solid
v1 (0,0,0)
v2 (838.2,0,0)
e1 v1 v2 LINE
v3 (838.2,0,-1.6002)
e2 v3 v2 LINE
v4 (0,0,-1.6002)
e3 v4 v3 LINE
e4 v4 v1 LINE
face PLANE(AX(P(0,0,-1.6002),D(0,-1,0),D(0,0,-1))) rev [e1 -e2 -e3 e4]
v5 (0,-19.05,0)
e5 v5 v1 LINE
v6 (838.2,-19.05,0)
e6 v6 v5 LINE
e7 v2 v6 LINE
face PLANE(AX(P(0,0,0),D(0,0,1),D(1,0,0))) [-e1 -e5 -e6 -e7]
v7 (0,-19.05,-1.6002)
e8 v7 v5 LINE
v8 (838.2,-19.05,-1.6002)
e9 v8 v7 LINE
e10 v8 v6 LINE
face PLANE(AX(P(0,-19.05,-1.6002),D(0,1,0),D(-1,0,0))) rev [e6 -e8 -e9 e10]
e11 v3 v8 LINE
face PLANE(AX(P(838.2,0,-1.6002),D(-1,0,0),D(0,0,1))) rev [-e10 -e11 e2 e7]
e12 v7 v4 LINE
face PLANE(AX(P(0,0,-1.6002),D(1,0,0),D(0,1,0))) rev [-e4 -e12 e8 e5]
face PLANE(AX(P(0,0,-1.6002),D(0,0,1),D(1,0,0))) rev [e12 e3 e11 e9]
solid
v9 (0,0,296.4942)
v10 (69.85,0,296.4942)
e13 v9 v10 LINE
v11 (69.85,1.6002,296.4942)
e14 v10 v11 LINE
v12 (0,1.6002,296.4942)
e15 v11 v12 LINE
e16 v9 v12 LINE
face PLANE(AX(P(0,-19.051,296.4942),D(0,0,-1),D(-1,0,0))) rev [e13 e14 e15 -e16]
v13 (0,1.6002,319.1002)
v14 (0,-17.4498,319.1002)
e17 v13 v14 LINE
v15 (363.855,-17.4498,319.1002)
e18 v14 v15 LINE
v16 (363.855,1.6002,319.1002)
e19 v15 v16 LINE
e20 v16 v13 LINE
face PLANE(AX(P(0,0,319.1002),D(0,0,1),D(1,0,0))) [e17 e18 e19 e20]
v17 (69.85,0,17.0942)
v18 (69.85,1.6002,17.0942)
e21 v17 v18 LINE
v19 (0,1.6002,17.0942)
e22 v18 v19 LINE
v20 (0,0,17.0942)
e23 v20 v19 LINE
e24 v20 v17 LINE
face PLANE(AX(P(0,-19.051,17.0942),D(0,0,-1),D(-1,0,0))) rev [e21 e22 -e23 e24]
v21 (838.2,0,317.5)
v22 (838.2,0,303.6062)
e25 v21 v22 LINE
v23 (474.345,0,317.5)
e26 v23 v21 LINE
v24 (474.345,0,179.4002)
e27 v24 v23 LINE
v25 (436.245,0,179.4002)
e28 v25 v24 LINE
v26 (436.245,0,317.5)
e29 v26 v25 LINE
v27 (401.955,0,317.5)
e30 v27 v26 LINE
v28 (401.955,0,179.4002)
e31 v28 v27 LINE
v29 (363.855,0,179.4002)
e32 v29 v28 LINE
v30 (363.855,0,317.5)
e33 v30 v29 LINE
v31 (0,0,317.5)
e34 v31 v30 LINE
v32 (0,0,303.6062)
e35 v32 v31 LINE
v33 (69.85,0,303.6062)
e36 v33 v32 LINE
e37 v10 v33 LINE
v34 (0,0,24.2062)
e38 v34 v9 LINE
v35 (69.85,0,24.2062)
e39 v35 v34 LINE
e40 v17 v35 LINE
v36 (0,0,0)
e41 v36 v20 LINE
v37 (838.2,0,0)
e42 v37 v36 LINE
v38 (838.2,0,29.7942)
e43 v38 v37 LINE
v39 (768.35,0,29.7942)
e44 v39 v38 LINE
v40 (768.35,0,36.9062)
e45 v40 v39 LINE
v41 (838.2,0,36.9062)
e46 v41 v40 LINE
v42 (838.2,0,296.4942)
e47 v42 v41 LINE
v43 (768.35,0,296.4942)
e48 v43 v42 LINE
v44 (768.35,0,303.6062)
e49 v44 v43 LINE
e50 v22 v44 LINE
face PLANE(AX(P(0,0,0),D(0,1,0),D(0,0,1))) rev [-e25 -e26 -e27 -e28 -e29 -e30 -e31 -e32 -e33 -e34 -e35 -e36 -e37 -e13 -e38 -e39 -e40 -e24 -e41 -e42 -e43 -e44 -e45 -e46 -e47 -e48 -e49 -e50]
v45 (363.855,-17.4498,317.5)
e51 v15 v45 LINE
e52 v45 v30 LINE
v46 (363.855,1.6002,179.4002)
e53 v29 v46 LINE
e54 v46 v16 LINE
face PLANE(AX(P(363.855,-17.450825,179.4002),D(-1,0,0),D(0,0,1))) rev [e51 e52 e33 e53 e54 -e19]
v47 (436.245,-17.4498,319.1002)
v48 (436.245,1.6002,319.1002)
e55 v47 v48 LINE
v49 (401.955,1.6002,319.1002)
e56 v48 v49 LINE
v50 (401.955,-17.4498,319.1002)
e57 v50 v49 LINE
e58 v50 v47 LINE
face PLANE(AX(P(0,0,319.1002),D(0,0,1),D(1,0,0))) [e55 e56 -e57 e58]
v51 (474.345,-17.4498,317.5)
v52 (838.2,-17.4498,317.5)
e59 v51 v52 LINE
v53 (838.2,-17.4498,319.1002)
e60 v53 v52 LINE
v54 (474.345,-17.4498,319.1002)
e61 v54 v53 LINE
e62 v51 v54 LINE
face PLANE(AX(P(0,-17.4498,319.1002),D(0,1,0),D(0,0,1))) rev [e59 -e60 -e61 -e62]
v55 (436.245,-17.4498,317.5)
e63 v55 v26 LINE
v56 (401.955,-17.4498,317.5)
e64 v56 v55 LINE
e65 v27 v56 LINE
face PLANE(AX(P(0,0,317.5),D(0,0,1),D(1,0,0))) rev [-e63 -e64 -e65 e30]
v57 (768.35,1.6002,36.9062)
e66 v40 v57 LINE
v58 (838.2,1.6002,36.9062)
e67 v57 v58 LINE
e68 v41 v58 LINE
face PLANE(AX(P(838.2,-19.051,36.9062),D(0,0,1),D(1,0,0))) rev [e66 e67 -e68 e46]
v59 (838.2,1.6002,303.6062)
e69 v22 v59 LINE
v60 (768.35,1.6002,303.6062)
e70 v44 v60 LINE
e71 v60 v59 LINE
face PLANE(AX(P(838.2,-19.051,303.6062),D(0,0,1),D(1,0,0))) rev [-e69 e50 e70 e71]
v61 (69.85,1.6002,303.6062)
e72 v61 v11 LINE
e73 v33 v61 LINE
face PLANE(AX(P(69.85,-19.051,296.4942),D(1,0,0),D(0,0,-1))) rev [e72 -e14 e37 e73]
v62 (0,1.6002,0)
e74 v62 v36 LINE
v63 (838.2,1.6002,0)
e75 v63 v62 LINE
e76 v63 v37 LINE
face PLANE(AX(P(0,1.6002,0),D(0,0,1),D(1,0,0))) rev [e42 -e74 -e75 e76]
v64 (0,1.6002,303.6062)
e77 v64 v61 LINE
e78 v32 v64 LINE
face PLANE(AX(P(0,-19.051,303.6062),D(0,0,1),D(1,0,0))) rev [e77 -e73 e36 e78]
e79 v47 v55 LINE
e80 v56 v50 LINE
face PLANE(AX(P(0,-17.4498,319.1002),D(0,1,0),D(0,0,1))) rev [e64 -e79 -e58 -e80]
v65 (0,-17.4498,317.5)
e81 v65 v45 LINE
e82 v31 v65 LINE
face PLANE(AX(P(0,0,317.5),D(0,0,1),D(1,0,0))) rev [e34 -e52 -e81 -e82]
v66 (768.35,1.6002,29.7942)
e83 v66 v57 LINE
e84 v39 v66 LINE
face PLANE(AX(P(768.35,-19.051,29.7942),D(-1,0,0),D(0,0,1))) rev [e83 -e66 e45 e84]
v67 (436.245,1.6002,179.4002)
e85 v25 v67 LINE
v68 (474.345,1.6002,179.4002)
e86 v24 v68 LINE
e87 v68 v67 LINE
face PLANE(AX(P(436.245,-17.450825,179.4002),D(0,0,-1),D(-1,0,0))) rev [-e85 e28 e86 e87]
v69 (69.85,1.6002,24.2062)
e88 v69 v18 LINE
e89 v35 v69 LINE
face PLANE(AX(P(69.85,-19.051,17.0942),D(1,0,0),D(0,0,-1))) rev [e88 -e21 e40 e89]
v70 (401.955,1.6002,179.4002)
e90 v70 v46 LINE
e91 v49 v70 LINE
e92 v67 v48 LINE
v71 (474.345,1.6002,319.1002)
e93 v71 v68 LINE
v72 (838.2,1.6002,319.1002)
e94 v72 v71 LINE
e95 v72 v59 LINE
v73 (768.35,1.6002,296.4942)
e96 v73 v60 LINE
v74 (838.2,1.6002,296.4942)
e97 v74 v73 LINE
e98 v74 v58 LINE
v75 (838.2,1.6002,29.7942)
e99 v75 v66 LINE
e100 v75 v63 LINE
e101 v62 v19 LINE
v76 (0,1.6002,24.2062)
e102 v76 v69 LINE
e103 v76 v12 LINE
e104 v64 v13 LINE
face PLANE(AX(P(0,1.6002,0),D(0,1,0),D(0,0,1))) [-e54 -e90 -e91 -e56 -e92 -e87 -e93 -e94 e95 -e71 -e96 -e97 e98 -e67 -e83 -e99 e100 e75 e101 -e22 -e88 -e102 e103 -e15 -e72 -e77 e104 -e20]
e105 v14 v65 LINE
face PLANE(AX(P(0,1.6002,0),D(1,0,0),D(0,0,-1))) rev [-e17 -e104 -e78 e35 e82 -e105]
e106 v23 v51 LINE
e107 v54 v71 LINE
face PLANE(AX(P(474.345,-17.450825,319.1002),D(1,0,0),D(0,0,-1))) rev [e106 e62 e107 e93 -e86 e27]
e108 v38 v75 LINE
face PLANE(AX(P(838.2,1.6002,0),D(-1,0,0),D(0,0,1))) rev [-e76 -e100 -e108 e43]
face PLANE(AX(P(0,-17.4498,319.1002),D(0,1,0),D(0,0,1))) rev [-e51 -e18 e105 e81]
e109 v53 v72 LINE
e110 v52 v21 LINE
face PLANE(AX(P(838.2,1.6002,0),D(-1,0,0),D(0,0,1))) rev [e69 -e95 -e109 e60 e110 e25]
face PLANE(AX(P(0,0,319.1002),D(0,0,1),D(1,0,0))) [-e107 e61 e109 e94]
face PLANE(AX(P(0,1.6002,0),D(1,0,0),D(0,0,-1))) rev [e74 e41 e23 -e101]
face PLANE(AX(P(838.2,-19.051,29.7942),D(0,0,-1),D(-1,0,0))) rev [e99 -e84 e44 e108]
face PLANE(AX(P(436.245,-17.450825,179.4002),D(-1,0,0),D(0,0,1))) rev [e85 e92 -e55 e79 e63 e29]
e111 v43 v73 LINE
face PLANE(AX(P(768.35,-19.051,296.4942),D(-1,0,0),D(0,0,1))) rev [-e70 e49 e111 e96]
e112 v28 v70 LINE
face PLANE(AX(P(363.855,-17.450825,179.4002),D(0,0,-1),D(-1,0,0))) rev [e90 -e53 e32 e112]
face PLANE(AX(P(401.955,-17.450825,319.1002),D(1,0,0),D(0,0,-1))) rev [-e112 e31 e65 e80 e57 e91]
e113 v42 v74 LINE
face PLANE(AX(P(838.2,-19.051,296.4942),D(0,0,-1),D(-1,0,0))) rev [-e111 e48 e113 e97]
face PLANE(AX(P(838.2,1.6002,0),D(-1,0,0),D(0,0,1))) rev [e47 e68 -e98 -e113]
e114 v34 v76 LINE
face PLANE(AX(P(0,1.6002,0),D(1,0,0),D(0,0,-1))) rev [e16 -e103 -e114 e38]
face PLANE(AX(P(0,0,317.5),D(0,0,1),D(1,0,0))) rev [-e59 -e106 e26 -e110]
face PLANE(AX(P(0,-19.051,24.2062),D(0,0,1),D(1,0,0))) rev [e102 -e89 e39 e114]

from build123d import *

# Parameters (mm, degrees)
SKETCH1_W           = 838.2
SKETCH1_H           = 317.5
BOSS_EXTRUDE1_DEPTH = 1.6002
SKETCH3_W           = 838.2
SKETCH3_H           = 19.05
BOSS_EXTRUDE2_DEPTH = 1.6002
CUT_EXTRUDE1_REACH  = 21.05
SKETCH2_W           = 38.1
SKETCH2_H           = 139.7
SKETCH4_W           = 838.2
SKETCH4_H           = 19.05
BOSS_EXTRUDE3_DEPTH = 1.6002
SKETCH5_W           = 69.85
SKETCH5_H           = 7.112
CUT_EXTRUDE2_DEPTH  = 1.6002


with BuildPart() as part:
    # Sketch1 → Boss-Extrude1 (new body)
    with BuildSketch(Plane(origin=(0, 0, 0), x_dir=(1, 0, 0), z_dir=(0, 1, 0))):
        with Locations((419.1, -158.75)):
            Rectangle(SKETCH1_W, SKETCH1_H)
    extrude(amount=BOSS_EXTRUDE1_DEPTH)

    # Sketch3 → Boss-Extrude2 (add)
    with BuildSketch(Plane.XY.offset(317.5)):
        with Locations((419.1, -7.9248)):
            Rectangle(SKETCH3_W, SKETCH3_H)
    extrude(amount=BOSS_EXTRUDE2_DEPTH)

    # Sketch2 → Cut-Extrude1 (cut, up to next)
    with BuildSketch(Plane(origin=(0, 1.6002, 0), x_dir=(1, 0, 0), z_dir=(0, 1, 0)), mode=Mode.PRIVATE) as cut_extrude1_sk1:
        with Locations((382.905, -249.2502)):
            Rectangle(SKETCH2_W, SKETCH2_H)
    cut_extrude1_tool1 = extrude(cut_extrude1_sk1.sketch, amount=-CUT_EXTRUDE1_REACH, mode=Mode.PRIVATE) & part.part
    add(cut_extrude1_tool1.solids().sort_by_distance((382.905, 1.6002, 249.2502))[0], mode=Mode.SUBTRACT)
    # Sketch2 → Cut-Extrude1 (cut, up to next)
    with BuildSketch(Plane(origin=(0, 1.6002, 0), x_dir=(1, 0, 0), z_dir=(0, 1, 0)), mode=Mode.PRIVATE) as cut_extrude1_sk2:
        with Locations((455.295, -249.2502)):
            Rectangle(SKETCH2_W, SKETCH2_H)
    cut_extrude1_tool2 = extrude(cut_extrude1_sk2.sketch, amount=-CUT_EXTRUDE1_REACH, mode=Mode.PRIVATE) & part.part
    add(cut_extrude1_tool2.solids().sort_by_distance((455.295, 1.6002, 249.2502))[0], mode=Mode.SUBTRACT)

    # Sketch5 → Cut-Extrude2 (cut)
    with BuildSketch(Plane(origin=(0, 1.6002, 0), x_dir=(1, 0, 0), z_dir=(0, 1, 0))):
        with Locations((34.925, -20.6502)):
            Rectangle(SKETCH5_W, SKETCH5_H)
        with Locations((34.925, -300.0502)):
            Rectangle(SKETCH5_W, SKETCH5_H)
        with Locations((803.275, -33.3502)):
            Rectangle(SKETCH5_W, SKETCH5_H)
        with Locations((803.275, -300.0502)):
            Rectangle(SKETCH5_W, SKETCH5_H)
    extrude(amount=-CUT_EXTRUDE2_DEPTH, mode=Mode.SUBTRACT)


with BuildPart() as body_2:
    # Sketch4 → Boss-Extrude3 (new body)
    with BuildSketch(Plane(origin=(0, 0, 0), x_dir=(-1, 0, 0), z_dir=(0, 0, -1))):
        with Locations((-419.1, -9.525)):
            Rectangle(SKETCH4_W, SKETCH4_H)
    extrude(amount=BOSS_EXTRUDE3_DEPTH)


solid = Compound([part.part, body_2.part])
